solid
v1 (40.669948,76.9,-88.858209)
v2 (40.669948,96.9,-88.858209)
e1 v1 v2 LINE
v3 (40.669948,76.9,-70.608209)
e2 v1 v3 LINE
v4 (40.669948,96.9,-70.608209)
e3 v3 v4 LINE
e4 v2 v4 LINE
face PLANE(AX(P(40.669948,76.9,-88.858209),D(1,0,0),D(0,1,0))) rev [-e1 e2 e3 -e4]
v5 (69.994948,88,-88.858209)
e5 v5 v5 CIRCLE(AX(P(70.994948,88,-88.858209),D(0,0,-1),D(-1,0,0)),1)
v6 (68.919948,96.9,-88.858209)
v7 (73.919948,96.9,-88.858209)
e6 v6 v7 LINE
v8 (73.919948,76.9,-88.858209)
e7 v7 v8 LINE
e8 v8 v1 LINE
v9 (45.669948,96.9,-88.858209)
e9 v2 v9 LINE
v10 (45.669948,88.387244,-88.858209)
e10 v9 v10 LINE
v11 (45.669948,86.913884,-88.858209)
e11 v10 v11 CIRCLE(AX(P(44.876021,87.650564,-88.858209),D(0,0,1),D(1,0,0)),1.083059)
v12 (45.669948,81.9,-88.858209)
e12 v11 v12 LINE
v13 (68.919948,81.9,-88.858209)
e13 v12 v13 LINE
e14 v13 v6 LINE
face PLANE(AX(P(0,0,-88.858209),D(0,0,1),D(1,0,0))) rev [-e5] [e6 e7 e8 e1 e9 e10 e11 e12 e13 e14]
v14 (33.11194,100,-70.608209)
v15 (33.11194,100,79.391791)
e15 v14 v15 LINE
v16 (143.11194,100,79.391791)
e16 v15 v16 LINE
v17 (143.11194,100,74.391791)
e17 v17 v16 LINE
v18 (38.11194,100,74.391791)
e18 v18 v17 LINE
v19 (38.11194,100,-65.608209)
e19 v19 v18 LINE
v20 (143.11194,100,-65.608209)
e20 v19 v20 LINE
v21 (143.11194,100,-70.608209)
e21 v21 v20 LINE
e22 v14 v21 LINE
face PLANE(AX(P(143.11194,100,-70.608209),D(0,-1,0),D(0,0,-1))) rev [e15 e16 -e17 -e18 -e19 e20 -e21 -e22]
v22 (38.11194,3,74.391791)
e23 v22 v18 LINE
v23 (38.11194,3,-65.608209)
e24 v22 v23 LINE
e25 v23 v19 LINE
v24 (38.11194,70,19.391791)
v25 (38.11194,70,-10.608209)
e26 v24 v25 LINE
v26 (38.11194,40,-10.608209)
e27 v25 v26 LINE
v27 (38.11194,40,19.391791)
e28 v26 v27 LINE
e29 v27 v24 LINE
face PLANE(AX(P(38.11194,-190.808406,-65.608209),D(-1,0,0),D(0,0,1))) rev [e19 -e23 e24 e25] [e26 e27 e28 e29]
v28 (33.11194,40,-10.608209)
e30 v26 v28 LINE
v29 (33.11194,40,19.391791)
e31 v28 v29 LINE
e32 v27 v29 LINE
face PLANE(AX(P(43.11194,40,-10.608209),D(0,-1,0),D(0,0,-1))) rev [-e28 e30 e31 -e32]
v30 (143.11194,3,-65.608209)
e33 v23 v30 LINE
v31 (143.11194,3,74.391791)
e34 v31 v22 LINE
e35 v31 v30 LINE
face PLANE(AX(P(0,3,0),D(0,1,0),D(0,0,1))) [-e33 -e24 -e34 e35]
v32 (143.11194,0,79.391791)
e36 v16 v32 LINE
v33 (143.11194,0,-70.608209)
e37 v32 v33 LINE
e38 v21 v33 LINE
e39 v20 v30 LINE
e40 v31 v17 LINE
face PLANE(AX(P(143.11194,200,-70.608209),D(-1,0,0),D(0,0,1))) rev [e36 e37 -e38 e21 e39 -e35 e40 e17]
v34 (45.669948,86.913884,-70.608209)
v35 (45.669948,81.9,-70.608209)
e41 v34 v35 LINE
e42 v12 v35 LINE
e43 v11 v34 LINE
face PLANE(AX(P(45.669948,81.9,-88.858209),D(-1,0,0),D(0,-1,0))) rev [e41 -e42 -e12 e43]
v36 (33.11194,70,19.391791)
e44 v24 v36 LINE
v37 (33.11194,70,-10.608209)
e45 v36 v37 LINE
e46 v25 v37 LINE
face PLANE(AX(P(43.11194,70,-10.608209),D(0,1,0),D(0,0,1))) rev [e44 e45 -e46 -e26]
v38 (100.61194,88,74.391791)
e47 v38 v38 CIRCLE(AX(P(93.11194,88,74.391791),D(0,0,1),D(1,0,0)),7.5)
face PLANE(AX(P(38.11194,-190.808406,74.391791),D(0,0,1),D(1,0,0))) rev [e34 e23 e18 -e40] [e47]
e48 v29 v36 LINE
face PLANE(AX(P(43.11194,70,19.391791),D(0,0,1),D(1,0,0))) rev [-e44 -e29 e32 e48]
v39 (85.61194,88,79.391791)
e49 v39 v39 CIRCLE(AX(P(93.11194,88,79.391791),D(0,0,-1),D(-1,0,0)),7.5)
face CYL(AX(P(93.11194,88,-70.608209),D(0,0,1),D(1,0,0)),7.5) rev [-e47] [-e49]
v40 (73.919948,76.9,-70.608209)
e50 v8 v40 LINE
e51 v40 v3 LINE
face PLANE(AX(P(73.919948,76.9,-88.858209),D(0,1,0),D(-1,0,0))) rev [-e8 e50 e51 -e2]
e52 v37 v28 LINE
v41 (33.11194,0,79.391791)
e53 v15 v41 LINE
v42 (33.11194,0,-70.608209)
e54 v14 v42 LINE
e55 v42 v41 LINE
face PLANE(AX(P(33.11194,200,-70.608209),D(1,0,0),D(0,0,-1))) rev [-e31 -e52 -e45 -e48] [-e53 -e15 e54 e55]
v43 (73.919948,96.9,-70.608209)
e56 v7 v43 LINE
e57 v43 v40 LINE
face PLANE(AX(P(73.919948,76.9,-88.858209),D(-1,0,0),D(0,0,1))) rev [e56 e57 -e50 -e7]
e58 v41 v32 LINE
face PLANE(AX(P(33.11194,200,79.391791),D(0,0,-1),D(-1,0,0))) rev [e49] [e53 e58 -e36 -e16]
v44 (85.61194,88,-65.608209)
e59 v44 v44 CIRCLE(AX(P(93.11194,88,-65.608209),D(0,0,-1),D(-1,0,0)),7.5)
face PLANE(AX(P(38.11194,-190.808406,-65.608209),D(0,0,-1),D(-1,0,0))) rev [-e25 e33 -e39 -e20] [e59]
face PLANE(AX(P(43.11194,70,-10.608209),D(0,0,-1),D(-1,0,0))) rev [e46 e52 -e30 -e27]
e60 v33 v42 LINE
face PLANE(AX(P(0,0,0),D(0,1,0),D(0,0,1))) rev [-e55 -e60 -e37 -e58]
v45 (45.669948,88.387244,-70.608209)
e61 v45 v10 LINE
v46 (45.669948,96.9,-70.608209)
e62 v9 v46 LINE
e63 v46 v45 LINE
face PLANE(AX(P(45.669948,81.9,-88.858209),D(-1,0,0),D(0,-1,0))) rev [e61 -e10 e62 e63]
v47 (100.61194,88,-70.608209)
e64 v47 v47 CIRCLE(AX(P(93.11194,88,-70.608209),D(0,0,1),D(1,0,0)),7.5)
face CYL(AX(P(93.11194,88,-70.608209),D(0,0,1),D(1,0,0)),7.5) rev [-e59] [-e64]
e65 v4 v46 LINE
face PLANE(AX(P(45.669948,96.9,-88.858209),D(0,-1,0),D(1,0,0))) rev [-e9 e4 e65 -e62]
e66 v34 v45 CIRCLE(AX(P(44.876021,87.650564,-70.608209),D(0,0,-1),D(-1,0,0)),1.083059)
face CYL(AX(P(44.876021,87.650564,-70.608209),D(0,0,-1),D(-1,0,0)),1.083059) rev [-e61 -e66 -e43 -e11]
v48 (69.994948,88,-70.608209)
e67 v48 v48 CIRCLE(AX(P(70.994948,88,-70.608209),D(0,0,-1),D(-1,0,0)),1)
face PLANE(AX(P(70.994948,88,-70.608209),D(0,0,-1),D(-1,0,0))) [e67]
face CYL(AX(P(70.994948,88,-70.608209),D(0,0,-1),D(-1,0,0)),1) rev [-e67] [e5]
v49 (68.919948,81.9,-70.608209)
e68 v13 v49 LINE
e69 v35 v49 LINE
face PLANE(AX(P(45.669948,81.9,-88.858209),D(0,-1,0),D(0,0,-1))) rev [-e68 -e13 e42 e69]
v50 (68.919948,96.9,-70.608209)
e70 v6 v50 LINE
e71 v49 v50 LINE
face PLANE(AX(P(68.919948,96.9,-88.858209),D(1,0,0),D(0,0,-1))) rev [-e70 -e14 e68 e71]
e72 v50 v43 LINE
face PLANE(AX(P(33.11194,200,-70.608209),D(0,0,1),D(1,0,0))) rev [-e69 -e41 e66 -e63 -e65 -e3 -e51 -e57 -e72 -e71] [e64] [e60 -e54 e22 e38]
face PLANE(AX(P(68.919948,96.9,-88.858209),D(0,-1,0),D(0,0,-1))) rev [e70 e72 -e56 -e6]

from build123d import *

# Parameters (mm, degrees)
COLLECTORSIZE_W         = 110
COLLECTORSIZE_H         = 150
BOSS_EXTRUDE1_DEPTH     = 200
COLLECTORSHAPE_W        = 110
COLLECTORSHAPE_H        = 100
CUT_EXTRUDE1_DEPTH      = 289.064276605
COLLECTORWALLS_W        = 129.645083566
COLLECTORWALLS_H        = 140
CUT_EXTRUDE2_DEPTH      = 97
CUT_EXTRUDE5_DEPTH      = 231.176079244
CUT_EXTRUDE5_DEPTH_BACK = 231.176079244
SKETCH1_R               = 7.5
BOSS_EXTRUDE3_DEPTH     = 18.25
SKETCH4_R               = 1.083059031
SKETCH4_R_2             = 1
CUT_EXTRUDE6_DEPTH      = 18.25
SKETCH2_2_W             = 30
SKETCH2_2_H             = 30
CUT_EXTRUDE7_DEPTH      = 10


with BuildPart() as part:
    # CollectorSize → Boss-Extrude1 (new body)
    with BuildSketch(Plane(origin=(0, 0, 0), x_dir=(1, 0, 0), z_dir=(0, 1, 0))):
        with Locations((88.111940299, -4.391791045)):
            Rectangle(COLLECTORSIZE_W, COLLECTORSIZE_H)
    extrude(amount=BOSS_EXTRUDE1_DEPTH)

    # CollectorShape → Cut-Extrude1 (cut, through all)
    with BuildSketch(Plane.XY.offset(79.391791045)):
        with Locations((88.111940299, 150)):
            Rectangle(COLLECTORSHAPE_W, COLLECTORSHAPE_H)
    extrude(amount=-CUT_EXTRUDE1_DEPTH, mode=Mode.SUBTRACT)

    # CollectorWalls → Cut-Extrude2 (cut)
    with BuildSketch(Plane(origin=(0, 100, 0), x_dir=(1, 0, 0), z_dir=(0, 1, 0))):
        with Locations((102.934482082, -4.391791045)):
            Rectangle(COLLECTORWALLS_W, COLLECTORWALLS_H)
    extrude(amount=-CUT_EXTRUDE2_DEPTH, mode=Mode.SUBTRACT)

    # Sketch1 → Cut-Extrude5 (cut, two sides: drawn at the far end of the back side and taken through both)
    with BuildSketch(Plane.XY.offset(79.391791045).offset(-CUT_EXTRUDE5_DEPTH_BACK)):
        with Locations((93.111940299, 88)):
            Circle(SKETCH1_R)
    extrude(amount=CUT_EXTRUDE5_DEPTH + CUT_EXTRUDE5_DEPTH_BACK, mode=Mode.SUBTRACT)

    # Sketch3 → Boss-Extrude3 (add)
    with BuildSketch(Plane(origin=(0, 0, -70.608208955), x_dir=(-1, 0, 0), z_dir=(0, 0, -1))):
        Polygon((-45.669947857, 81.9), (-68.919947857, 81.9), (-68.919947857, 96.9), (-73.919947857, 96.9), (-73.919947857, 76.9), (-40.669947857, 76.9), (-40.669947857, 96.9), (-45.669947857, 96.9), align=None)
    extrude(amount=BOSS_EXTRUDE3_DEPTH)

    # Sketch4 → Cut-Extrude6 (cut)
    with BuildSketch(Plane(origin=(0, 0, -88.858208955), x_dir=(-1, 0, 0), z_dir=(0, 0, -1))):
        with Locations((-44.876021334, 87.650563986)):
            Circle(SKETCH4_R)
        with Locations((-70.994947857, 88)):
            Circle(SKETCH4_R_2)
    extrude(amount=-CUT_EXTRUDE6_DEPTH, mode=Mode.SUBTRACT)

    # Sketch2<2> → Cut-Extrude7 (cut)
    with BuildSketch(Plane.ZY.offset(-33.111940299)):
        with Locations((4.391791045, 55)):
            Rectangle(SKETCH2_2_W, SKETCH2_2_H)
    extrude(amount=-CUT_EXTRUDE7_DEPTH, mode=Mode.SUBTRACT)


solid = part.part
